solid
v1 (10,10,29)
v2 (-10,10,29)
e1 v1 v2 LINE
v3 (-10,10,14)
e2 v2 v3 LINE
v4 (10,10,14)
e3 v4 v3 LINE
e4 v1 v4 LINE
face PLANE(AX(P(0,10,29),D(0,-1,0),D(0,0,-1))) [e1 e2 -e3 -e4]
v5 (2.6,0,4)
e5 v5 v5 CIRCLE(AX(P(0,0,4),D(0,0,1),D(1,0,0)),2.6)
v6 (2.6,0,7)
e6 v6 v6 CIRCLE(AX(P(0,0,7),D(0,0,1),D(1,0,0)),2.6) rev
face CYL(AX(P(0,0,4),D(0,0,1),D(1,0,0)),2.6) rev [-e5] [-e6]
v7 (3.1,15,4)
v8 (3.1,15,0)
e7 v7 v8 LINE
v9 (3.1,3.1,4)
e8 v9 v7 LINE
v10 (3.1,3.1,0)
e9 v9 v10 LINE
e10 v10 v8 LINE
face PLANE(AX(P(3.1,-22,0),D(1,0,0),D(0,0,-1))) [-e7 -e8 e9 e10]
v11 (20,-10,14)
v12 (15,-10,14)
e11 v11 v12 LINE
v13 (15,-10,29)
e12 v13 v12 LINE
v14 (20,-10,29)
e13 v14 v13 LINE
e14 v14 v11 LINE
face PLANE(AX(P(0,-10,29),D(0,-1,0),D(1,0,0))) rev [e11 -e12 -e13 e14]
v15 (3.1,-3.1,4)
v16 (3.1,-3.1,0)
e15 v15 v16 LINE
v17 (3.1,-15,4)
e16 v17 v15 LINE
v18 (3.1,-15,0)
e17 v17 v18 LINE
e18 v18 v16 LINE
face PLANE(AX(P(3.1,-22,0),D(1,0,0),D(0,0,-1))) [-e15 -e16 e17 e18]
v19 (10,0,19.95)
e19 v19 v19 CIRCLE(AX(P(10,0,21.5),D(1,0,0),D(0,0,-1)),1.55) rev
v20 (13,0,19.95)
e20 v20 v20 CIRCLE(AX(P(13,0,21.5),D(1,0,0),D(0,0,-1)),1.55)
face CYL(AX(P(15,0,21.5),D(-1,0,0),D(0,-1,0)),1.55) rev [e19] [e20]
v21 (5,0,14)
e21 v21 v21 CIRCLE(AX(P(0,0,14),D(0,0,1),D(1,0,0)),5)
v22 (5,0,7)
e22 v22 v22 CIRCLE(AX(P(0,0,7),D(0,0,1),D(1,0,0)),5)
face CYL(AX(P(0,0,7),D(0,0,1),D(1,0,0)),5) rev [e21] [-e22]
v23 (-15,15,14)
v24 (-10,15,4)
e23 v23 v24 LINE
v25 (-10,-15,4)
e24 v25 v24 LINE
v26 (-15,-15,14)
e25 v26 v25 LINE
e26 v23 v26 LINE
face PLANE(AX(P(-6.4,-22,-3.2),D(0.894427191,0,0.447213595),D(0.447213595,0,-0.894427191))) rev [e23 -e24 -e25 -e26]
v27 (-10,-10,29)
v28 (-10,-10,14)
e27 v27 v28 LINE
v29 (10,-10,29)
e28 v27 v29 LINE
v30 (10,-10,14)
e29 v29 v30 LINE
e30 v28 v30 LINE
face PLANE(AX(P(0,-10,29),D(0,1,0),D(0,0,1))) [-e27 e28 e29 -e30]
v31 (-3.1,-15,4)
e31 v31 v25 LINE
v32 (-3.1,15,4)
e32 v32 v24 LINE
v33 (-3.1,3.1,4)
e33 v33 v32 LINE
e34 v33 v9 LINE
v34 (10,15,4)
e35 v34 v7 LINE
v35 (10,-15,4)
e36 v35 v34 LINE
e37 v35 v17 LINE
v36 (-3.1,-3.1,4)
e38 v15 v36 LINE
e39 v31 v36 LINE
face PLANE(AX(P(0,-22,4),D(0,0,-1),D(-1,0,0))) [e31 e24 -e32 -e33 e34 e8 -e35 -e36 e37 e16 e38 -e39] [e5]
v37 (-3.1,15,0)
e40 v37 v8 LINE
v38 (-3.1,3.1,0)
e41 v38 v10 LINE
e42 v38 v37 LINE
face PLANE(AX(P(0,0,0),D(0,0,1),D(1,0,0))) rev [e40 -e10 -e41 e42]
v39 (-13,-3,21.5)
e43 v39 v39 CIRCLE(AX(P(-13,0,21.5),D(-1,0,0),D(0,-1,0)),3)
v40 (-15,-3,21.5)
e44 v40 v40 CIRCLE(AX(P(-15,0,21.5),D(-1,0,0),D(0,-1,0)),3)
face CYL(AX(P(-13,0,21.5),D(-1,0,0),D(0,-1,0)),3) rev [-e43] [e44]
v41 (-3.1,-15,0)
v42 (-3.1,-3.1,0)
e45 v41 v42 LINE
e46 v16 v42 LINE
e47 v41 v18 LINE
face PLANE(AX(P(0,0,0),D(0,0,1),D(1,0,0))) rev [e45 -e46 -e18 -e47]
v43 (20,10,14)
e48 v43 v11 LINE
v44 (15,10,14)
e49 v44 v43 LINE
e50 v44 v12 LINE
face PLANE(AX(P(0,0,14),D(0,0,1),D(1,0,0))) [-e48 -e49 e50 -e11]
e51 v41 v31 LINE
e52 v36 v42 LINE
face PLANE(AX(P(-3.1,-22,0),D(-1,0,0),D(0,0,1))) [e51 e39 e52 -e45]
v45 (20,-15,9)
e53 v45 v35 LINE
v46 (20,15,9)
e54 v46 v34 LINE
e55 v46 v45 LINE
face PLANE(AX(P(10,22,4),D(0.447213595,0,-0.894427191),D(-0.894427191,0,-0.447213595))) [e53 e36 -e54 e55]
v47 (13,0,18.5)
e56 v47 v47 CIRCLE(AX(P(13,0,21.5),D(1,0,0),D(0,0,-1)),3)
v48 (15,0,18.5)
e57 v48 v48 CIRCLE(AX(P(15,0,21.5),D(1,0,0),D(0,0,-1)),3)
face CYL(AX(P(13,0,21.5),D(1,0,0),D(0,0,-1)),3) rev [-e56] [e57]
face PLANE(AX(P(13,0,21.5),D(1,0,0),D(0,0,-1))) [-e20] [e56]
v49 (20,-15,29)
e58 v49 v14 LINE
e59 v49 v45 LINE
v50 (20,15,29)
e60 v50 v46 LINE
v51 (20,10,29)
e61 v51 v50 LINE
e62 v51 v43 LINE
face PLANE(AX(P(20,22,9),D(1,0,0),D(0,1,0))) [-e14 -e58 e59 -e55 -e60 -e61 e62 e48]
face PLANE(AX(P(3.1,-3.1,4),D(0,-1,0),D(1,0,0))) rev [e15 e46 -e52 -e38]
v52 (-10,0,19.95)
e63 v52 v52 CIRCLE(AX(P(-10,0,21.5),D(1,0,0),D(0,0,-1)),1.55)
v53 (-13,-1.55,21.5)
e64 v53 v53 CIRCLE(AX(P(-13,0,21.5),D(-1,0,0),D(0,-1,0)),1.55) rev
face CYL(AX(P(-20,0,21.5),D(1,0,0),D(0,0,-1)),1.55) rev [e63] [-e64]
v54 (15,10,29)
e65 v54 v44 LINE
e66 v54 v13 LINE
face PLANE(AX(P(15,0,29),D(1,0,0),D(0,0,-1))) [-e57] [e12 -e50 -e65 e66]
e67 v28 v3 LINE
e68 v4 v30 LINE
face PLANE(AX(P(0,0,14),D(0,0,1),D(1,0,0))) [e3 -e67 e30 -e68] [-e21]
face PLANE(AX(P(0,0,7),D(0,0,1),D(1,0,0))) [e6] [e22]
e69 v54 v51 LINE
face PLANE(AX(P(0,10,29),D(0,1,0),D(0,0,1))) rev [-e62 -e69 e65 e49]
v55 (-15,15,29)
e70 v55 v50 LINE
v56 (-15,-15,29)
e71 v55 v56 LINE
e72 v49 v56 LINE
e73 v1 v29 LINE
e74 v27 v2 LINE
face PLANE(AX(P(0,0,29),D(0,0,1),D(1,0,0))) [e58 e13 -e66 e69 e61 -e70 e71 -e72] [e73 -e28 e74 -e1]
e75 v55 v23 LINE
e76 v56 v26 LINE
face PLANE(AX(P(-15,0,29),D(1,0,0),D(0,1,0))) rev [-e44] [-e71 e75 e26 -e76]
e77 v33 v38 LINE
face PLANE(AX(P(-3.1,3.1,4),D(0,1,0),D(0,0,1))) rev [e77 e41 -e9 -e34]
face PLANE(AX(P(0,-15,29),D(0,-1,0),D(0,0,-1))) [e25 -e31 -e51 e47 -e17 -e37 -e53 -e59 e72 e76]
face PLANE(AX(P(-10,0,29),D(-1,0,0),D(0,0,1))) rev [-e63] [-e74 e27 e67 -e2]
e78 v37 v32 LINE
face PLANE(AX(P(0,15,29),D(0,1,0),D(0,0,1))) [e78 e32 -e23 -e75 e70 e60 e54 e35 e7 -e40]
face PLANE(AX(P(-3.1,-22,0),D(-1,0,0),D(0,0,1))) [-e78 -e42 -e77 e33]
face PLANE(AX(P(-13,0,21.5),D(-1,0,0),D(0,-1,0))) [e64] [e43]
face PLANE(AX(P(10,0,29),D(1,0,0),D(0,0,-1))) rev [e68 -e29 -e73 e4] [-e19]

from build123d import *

# Parameters (mm, degrees)
EXTRUDE_1_DEPTH      = 14
CUT_EXTRUDE_1_DEPTH  = 44
SKETCH_3_W           = 6.2
SKETCH_3_H           = 6.2
CUT_EXTRUDE_2_DEPTH  = 4
SKETCH_4_R           = 4
CUT_EXTRUDE_3_DEPTH  = 5
SKETCH_5_R           = 2.6
CUT_EXTRUDE_4_DEPTH  = 5
EXTRUDE_2_DEPTH      = 44
SKETCH_8_W           = 5
SKETCH_8_H           = 5
EXTRUDE_4_DEPTH      = 15
SKETCH_9_W           = 35
SKETCH_9_H           = 5
EXTRUDE_5_DEPTH      = 7
CUT_EXTRUDE_6_DEPTH  = 10
CUT_EXTRUDE_START    = -30
SKETCH_14_R          = 1.55
CUT_EXTRUDE_7_DEPTH  = 30
SKETCH_15_R          = 3
CUT_EXTRUDE_8_DEPTH  = 2
CUT_EXTRUDE_START_2  = -2
SKETCH_16_R          = 3
CUT_EXTRUDE_9_DEPTH  = 2
SKETCH_17_W          = 35
SKETCH_17_H          = 7
CUT_EXTRUDE_10_DEPTH = 10
SKETCH_18_W          = 35
SKETCH_18_H          = 7
CUT_EXTRUDE_11_DEPTH = 20
SKETCH_19_R          = 5
CUT_EXTRUDE_12_DEPTH = 7


with BuildPart() as part:
    # 草图1 → 凸台-拉伸1 (new body)
    with BuildSketch(Plane.XY):
        Polygon((-15, 22), (-15, -22), (15, -22), (15, 22), (0, 22), align=None)
    extrude(amount=EXTRUDE_1_DEPTH)

    # 草图2 → 切除-拉伸1 (cut)
    with BuildSketch(Plane(origin=(0, 22, 0), x_dir=(1, 0, 0), z_dir=(0, 1, 0))):
        Polygon((-15, 0), (-15, -14), (-10, -4), (-3.1, -4), (-3.1, 0), align=None)
        Polygon((3.1, -4), (10, -4), (15, -14), (15, 0), (3.1, 0), align=None)
    extrude(amount=-CUT_EXTRUDE_1_DEPTH, mode=Mode.SUBTRACT)

    # 草图3 → 切除-拉伸2 (cut)
    with BuildSketch(Plane(origin=(0, 0, 0), x_dir=(-1, 0, 0), z_dir=(0, 0, -1))):
        Rectangle(SKETCH_3_W, SKETCH_3_H)
    extrude(amount=-CUT_EXTRUDE_2_DEPTH, mode=Mode.SUBTRACT)

    # 草图4 → 切除-拉伸3 (cut)
    with BuildSketch(Plane.XY.offset(14)):
        Circle(SKETCH_4_R)
    extrude(amount=-CUT_EXTRUDE_3_DEPTH, mode=Mode.SUBTRACT)

    # 草图5 → 切除-拉伸4 (cut)
    with BuildSketch(Plane.XY.offset(9)):
        Circle(SKETCH_5_R)
    extrude(amount=-CUT_EXTRUDE_4_DEPTH, mode=Mode.SUBTRACT)

    # 草图7 → 凸台-拉伸2 (add)
    with BuildSketch(Plane.XZ.offset(22)):
        Polygon((15, 14), (20, 14), (20, 9), (10, 4), (10, 14), align=None)
    extrude(amount=-EXTRUDE_2_DEPTH)

    # 草图8 → 凸台-拉伸4 (add)
    with BuildSketch(Plane.XY.offset(14)):
        with Locations((-12.5, -12.5)):
            Rectangle(SKETCH_8_W, SKETCH_8_H)
        Polygon((-10, -10), (-10, -15), (10, -15), (10, -10), (0, -10), align=None)
        Polygon((-10, 0), (-10, 10), (-15, 10), (-15, -10), (-10, -10), align=None)
        with Locations((-12.5, 12.5)):
            Rectangle(SKETCH_8_W, SKETCH_8_H)
        Polygon((-10, 15), (10, 15), (10, 10), (0, 10), (-10, 10), align=None)
        with Locations((12.5, 12.5)):
            Rectangle(SKETCH_8_W, SKETCH_8_H)
        Polygon((15, 10), (15, -10), (10, -10), (10, 0), (10, 10), align=None)
        with Locations((12.5, -12.5)):
            Rectangle(SKETCH_8_W, SKETCH_8_H)
        with Locations((17.5, -12.5)):
            Rectangle(SKETCH_8_W, SKETCH_8_H)
        with Locations((17.5, 12.5)):
            Rectangle(SKETCH_8_W, SKETCH_8_H)
    extrude(amount=EXTRUDE_4_DEPTH)

    # 草图9 → 凸台-拉伸5 (add)
    with BuildSketch(Plane(origin=(0, 15, 0), x_dir=(1, 0, 0), z_dir=(0, 1, 0))):
        with Locations((2.5, -26.5)):
            Rectangle(SKETCH_9_W, SKETCH_9_H)
    extrude(amount=EXTRUDE_5_DEPTH)

    # 草图13 → 切除-拉伸6 (cut)
    with BuildSketch(Plane(origin=(-10, 0, 0), x_dir=(0, 0, -1), z_dir=(1, 0, 0))):
        with BuildLine():
            ThreePointArc((-19.95, 0), (-20.806818927, 1.386362146), (-22.43, 1.24))
            Line((-22.43, 1.24), (-20.57, -1.24))
            ThreePointArc((-20.57, -1.24), (-20.113637854, -0.693181073), (-19.95, 0))
        make_face()
        with BuildLine():
            Line((-20.57, -1.24), (-22.43, 1.24))
            ThreePointArc((-22.43, 1.24), (-22.74, -0.93), (-20.57, -1.24))
        make_face()
    extrude(amount=-CUT_EXTRUDE_6_DEPTH, mode=Mode.SUBTRACT)

    # 草图14 → 切除-拉伸7 (cut)
    with BuildSketch(Plane.ZY.offset(15).offset(CUT_EXTRUDE_START)):
        with Locations(Location((21.5, 0, 0), (0, 0, 180))):
            Circle(SKETCH_14_R)
    extrude(amount=CUT_EXTRUDE_7_DEPTH, mode=Mode.SUBTRACT)

    # 草图15 → 切除-拉伸8 (cut)
    with BuildSketch(Plane(origin=(15, 0, 0), x_dir=(0, 0, -1), z_dir=(1, 0, 0))):
        with Locations((-21.5, 0)):
            Circle(SKETCH_15_R)
    extrude(amount=-CUT_EXTRUDE_8_DEPTH, mode=Mode.SUBTRACT)

    # 草图16 → 切除-拉伸9 (cut)
    with BuildSketch(Plane.ZY.offset(15).offset(CUT_EXTRUDE_START_2)):
        with Locations(Location((21.5, 0, 0), (0, 0, 180))):
            Circle(SKETCH_16_R)
    extrude(amount=CUT_EXTRUDE_9_DEPTH, mode=Mode.SUBTRACT)

    # 草图17 → 切除-拉伸10 (cut)
    with BuildSketch(Plane.XY.offset(29)):
        with Locations((2.5, 18.5)):
            Rectangle(SKETCH_17_W, SKETCH_17_H)
    extrude(amount=-CUT_EXTRUDE_10_DEPTH, mode=Mode.SUBTRACT)

    # 草图18 → 切除-拉伸11 (cut)
    with BuildSketch(Plane.XY.offset(14)):
        with Locations((2.5, 18.5)):
            Rectangle(SKETCH_18_W, SKETCH_18_H)
        with Locations((2.5, -18.5)):
            Rectangle(SKETCH_18_W, SKETCH_18_H)
    extrude(amount=-CUT_EXTRUDE_11_DEPTH, mode=Mode.SUBTRACT)

    # 草图19 → 切除-拉伸12 (cut)
    with BuildSketch(Plane.XY.offset(14)):
        Circle(SKETCH_19_R)
    extrude(amount=-CUT_EXTRUDE_12_DEPTH, mode=Mode.SUBTRACT)


solid = part.part
